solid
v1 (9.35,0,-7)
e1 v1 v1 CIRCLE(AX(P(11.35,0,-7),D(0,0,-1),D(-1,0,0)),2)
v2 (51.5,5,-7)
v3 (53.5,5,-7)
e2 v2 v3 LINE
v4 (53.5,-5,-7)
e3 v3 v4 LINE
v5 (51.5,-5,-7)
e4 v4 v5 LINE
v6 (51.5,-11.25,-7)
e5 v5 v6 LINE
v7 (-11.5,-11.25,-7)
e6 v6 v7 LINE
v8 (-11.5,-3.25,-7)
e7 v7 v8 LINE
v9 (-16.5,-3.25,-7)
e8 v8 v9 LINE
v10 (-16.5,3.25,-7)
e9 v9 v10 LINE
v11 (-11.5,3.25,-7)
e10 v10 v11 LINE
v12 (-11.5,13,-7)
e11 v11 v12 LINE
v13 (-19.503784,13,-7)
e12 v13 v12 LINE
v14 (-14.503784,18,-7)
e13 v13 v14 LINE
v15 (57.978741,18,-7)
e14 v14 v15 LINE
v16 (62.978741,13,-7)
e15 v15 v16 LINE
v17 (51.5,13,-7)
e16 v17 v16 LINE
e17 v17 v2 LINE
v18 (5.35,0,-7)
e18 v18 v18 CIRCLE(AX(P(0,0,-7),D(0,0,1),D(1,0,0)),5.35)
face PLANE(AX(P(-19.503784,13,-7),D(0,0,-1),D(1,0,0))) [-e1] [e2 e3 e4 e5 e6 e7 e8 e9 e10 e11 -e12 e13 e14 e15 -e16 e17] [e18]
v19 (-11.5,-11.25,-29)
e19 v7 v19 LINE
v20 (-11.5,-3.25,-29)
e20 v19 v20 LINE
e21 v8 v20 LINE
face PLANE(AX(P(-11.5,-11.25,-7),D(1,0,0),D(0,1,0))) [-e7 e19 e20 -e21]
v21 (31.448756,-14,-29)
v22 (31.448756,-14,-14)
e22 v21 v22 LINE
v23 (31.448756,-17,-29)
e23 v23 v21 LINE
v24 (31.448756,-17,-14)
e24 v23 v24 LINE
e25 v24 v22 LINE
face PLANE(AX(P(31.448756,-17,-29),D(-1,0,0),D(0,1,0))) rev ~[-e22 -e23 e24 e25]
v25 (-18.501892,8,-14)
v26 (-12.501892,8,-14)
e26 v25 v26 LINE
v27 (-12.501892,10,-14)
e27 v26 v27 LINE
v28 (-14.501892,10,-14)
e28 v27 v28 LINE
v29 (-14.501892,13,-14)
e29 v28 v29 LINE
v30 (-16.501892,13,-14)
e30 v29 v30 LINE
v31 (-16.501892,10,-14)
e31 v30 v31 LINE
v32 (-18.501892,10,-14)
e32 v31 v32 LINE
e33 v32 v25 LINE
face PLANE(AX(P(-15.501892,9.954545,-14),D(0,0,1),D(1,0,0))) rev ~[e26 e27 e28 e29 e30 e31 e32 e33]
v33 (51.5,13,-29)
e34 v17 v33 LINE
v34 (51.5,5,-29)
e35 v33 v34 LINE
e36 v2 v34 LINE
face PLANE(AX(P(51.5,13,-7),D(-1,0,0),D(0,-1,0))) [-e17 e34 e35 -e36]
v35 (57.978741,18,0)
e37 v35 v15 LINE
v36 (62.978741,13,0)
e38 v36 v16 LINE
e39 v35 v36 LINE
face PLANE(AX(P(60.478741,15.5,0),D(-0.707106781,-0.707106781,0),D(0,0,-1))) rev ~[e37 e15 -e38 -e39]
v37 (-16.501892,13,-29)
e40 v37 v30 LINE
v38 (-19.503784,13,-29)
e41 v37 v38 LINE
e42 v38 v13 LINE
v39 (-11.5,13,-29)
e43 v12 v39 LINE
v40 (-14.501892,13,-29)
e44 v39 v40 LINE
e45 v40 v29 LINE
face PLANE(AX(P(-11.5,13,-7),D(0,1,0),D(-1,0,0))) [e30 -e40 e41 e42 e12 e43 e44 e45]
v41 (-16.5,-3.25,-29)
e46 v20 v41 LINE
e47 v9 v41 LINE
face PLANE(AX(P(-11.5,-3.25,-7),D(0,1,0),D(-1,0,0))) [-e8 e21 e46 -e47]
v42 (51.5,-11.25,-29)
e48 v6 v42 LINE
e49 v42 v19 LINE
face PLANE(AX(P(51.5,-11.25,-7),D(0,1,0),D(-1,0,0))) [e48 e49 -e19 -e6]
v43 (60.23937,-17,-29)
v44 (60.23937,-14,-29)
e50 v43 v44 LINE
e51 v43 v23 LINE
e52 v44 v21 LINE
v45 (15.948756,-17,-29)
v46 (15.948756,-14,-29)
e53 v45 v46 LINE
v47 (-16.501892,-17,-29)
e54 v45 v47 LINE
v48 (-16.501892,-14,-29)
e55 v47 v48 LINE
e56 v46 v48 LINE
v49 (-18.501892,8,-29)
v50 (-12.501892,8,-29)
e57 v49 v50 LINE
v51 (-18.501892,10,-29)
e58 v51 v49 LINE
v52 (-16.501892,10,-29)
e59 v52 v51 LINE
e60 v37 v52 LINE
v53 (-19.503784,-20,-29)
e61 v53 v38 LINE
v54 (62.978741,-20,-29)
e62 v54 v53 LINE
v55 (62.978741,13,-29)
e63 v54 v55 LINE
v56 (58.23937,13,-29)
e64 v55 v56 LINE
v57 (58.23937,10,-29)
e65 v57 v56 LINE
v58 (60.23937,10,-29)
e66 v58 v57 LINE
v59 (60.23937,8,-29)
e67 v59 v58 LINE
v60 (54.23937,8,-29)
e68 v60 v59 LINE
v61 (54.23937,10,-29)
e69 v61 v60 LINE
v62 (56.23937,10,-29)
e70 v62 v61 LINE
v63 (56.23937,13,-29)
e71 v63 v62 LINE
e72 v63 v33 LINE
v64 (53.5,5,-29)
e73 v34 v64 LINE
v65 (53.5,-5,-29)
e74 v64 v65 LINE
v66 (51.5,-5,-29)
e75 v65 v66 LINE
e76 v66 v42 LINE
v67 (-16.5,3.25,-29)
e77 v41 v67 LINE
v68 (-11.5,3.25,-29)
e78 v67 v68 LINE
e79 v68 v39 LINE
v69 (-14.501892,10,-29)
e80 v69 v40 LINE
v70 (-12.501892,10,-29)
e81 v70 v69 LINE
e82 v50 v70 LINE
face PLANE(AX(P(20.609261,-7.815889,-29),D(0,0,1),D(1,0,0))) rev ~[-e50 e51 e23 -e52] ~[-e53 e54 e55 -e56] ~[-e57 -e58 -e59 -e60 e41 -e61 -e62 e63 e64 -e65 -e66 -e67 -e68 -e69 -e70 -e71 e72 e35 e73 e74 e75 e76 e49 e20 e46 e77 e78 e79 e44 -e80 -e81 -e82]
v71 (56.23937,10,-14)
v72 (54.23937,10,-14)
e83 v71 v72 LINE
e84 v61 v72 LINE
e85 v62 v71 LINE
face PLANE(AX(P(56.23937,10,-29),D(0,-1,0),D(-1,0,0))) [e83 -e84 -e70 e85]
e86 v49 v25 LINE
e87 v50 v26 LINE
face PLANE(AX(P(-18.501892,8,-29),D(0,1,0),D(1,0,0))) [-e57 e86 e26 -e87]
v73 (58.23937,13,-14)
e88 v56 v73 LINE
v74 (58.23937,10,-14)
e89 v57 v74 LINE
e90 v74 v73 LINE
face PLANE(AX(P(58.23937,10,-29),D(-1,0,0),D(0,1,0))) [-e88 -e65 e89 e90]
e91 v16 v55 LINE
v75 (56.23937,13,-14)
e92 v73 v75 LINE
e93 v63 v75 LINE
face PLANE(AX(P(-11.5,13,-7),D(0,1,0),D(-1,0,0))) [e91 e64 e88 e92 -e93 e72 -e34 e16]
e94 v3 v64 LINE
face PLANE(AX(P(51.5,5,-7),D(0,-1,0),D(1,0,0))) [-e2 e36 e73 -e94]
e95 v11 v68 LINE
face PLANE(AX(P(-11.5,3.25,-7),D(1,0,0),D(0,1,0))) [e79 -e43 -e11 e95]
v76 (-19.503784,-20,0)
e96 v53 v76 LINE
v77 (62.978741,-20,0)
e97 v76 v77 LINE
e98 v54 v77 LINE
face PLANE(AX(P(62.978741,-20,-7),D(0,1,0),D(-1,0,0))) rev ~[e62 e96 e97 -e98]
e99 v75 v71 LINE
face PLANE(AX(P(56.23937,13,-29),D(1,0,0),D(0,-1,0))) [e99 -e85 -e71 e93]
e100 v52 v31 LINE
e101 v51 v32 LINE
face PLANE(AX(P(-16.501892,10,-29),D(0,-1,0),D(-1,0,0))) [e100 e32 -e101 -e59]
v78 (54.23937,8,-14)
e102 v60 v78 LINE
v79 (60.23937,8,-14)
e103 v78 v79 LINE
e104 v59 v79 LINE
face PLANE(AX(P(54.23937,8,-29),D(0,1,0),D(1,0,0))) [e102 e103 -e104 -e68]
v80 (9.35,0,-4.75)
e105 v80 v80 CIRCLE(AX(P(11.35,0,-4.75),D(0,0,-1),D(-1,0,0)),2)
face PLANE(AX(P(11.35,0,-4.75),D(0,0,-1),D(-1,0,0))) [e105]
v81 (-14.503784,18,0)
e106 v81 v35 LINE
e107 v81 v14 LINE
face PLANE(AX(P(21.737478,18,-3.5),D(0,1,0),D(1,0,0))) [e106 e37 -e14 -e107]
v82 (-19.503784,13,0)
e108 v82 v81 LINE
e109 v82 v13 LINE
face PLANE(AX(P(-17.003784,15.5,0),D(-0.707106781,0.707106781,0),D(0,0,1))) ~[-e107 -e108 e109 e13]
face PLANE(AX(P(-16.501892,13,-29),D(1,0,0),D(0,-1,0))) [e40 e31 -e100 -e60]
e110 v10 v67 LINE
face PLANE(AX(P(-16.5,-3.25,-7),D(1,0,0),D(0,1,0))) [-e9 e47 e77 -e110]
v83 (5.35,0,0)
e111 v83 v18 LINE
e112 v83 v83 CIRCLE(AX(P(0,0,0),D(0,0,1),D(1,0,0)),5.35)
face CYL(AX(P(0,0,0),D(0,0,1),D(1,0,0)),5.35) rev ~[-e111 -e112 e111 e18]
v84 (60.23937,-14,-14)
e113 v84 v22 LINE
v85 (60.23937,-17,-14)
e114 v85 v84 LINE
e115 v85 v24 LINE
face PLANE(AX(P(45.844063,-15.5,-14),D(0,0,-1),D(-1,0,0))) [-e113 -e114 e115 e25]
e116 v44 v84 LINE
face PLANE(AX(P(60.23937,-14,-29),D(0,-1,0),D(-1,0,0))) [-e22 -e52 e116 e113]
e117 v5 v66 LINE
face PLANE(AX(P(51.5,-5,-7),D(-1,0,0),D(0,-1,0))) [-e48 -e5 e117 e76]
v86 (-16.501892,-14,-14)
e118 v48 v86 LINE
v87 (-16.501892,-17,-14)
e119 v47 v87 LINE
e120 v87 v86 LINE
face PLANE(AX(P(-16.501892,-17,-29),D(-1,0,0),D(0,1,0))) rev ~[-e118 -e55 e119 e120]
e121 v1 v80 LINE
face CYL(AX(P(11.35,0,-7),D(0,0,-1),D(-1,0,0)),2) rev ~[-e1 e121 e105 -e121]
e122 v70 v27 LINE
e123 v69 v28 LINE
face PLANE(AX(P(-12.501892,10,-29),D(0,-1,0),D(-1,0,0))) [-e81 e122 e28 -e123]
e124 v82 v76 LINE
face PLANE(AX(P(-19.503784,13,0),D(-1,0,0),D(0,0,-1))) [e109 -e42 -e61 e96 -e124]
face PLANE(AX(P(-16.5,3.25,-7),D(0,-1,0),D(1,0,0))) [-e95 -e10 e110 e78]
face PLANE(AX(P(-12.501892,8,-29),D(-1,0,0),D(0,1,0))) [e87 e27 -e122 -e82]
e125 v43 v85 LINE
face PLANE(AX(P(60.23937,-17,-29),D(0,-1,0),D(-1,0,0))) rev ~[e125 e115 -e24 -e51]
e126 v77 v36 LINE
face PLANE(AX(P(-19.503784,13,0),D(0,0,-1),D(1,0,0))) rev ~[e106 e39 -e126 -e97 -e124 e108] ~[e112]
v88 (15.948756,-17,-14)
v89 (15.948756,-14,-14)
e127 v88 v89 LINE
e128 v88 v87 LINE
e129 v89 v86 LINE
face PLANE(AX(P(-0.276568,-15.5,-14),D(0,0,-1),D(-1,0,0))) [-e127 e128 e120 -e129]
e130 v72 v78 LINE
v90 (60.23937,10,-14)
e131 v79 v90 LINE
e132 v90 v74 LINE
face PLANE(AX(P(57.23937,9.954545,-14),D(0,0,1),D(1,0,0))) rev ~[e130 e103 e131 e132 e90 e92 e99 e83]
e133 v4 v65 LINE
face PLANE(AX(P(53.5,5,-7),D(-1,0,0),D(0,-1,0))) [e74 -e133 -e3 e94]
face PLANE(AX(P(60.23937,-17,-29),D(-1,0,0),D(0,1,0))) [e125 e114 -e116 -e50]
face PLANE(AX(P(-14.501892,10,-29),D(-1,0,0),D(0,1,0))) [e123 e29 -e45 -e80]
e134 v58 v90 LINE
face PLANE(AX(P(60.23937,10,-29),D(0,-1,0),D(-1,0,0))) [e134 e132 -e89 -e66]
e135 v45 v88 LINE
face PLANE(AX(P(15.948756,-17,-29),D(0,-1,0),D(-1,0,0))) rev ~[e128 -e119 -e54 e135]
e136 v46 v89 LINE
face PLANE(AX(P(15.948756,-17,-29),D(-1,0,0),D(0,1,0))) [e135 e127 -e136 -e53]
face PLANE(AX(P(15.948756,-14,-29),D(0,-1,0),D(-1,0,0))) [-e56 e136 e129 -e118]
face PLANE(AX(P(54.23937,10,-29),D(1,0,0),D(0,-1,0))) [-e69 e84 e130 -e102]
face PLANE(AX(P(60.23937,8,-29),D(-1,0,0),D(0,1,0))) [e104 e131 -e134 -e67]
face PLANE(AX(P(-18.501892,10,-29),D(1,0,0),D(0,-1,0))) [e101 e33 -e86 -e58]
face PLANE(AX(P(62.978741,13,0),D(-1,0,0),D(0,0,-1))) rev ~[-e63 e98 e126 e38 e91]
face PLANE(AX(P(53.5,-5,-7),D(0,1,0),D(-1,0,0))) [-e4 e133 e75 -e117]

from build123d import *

# Parameters (mm, degrees)
SKETCH1_R           = 5.35
BOSS_EXTRUDE2_DEPTH = 7
SKETCH8_R           = 2
CUT_EXTRUDE2_DEPTH  = 2.25
BOSS_EXTRUDE3_DEPTH = 22
SKETCH10_W          = 82.482524805
SKETCH10_H          = 7
BOSS_EXTRUDE4_DEPTH = 5
CHAMFER1_SIZE       = 5
SKETCH11_W          = 28.790613911
SKETCH11_H          = 3
SKETCH11_W_2        = 32.450648491
CUT_EXTRUDE3_DEPTH  = 15


with BuildPart() as part:
    # Sketch1 → Boss-Extrude2 (new body)
    with BuildSketch(Plane.XY):
        Polygon((-19.503784034, 13), (-19.503784034, -20), (19.503784034, -20), (62.978740771, -20), (62.978740771, 13), (19.503784034, 13), align=None)
        Circle(SKETCH1_R, mode=Mode.SUBTRACT)
    extrude(amount=-BOSS_EXTRUDE2_DEPTH)

    # Sketch8 → Cut-Extrude2 (cut)
    with BuildSketch(Plane(origin=(0, 0, -7), x_dir=(-1, 0, 0), z_dir=(0, 0, -1))):
        with Locations((-11.35, 0)):
            Circle(SKETCH8_R)
    extrude(amount=-CUT_EXTRUDE2_DEPTH, mode=Mode.SUBTRACT)

    # Sketch9 → Boss-Extrude3 (add)
    with BuildSketch(Plane(origin=(0, 0, -7), x_dir=(-1, 0, 0), z_dir=(0, 0, -1))):
        Polygon((11.5, 3.25), (11.5, 13), (19.503784034, 13), (19.503784034, -12.662545792), (19.503784034, -20), (-56.5, -20), (-62.978740771, -20), (-62.978740771, 13), (-51.5, 13), (-51.5, 5), (-53.5, 5), (-53.5, -5), (-51.5, -5), (-51.5, -11.25), (11.5, -11.25), (11.5, -3.25), (16.5, -3.25), (16.5, 3.25), align=None)
    extrude(amount=BOSS_EXTRUDE3_DEPTH)

    # Sketch10 → Boss-Extrude4 (add)
    with BuildSketch(Plane(origin=(0, 13, 0), x_dir=(1, 0, 0), z_dir=(0, 1, 0))):
        with Locations((21.737478368, 3.5)):
            Rectangle(SKETCH10_W, SKETCH10_H)
    extrude(amount=BOSS_EXTRUDE4_DEPTH)

    # Chamfer1
    chamfer1_edges = [part.edges().sort_by_distance(p)[0] for p in [
        (62.978740771, 18, -3.5),
        (-19.503784034, 18, -3.5),
    ]]
    chamfer(chamfer1_edges, length=CHAMFER1_SIZE)

    # Sketch11 → Cut-Extrude3 (cut)
    with BuildSketch(Plane(origin=(0, 0, -29), x_dir=(-1, 0, 0), z_dir=(0, 0, -1))):
        Polygon((-60.239370385, 10), (-58.239370385, 10), (-58.239370385, 13), (-56.239370385, 13), (-56.239370385, 10), (-54.239370385, 10), (-54.239370385, 8), (-60.239370385, 8), align=None)
        with Locations((-45.84406343, -15.5)):
            Rectangle(SKETCH11_W, SKETCH11_H)
        with Locations((0.276567771, -15.5)):
            Rectangle(SKETCH11_W_2, SKETCH11_H)
        Polygon((14.501892017, 13), (16.501892017, 13), (16.501892017, 10), (18.501892017, 10), (18.501892017, 8), (12.501892017, 8), (12.501892017, 10), (14.501892017, 10), align=None)
    extrude(amount=-CUT_EXTRUDE3_DEPTH, mode=Mode.SUBTRACT)


solid = part.part
